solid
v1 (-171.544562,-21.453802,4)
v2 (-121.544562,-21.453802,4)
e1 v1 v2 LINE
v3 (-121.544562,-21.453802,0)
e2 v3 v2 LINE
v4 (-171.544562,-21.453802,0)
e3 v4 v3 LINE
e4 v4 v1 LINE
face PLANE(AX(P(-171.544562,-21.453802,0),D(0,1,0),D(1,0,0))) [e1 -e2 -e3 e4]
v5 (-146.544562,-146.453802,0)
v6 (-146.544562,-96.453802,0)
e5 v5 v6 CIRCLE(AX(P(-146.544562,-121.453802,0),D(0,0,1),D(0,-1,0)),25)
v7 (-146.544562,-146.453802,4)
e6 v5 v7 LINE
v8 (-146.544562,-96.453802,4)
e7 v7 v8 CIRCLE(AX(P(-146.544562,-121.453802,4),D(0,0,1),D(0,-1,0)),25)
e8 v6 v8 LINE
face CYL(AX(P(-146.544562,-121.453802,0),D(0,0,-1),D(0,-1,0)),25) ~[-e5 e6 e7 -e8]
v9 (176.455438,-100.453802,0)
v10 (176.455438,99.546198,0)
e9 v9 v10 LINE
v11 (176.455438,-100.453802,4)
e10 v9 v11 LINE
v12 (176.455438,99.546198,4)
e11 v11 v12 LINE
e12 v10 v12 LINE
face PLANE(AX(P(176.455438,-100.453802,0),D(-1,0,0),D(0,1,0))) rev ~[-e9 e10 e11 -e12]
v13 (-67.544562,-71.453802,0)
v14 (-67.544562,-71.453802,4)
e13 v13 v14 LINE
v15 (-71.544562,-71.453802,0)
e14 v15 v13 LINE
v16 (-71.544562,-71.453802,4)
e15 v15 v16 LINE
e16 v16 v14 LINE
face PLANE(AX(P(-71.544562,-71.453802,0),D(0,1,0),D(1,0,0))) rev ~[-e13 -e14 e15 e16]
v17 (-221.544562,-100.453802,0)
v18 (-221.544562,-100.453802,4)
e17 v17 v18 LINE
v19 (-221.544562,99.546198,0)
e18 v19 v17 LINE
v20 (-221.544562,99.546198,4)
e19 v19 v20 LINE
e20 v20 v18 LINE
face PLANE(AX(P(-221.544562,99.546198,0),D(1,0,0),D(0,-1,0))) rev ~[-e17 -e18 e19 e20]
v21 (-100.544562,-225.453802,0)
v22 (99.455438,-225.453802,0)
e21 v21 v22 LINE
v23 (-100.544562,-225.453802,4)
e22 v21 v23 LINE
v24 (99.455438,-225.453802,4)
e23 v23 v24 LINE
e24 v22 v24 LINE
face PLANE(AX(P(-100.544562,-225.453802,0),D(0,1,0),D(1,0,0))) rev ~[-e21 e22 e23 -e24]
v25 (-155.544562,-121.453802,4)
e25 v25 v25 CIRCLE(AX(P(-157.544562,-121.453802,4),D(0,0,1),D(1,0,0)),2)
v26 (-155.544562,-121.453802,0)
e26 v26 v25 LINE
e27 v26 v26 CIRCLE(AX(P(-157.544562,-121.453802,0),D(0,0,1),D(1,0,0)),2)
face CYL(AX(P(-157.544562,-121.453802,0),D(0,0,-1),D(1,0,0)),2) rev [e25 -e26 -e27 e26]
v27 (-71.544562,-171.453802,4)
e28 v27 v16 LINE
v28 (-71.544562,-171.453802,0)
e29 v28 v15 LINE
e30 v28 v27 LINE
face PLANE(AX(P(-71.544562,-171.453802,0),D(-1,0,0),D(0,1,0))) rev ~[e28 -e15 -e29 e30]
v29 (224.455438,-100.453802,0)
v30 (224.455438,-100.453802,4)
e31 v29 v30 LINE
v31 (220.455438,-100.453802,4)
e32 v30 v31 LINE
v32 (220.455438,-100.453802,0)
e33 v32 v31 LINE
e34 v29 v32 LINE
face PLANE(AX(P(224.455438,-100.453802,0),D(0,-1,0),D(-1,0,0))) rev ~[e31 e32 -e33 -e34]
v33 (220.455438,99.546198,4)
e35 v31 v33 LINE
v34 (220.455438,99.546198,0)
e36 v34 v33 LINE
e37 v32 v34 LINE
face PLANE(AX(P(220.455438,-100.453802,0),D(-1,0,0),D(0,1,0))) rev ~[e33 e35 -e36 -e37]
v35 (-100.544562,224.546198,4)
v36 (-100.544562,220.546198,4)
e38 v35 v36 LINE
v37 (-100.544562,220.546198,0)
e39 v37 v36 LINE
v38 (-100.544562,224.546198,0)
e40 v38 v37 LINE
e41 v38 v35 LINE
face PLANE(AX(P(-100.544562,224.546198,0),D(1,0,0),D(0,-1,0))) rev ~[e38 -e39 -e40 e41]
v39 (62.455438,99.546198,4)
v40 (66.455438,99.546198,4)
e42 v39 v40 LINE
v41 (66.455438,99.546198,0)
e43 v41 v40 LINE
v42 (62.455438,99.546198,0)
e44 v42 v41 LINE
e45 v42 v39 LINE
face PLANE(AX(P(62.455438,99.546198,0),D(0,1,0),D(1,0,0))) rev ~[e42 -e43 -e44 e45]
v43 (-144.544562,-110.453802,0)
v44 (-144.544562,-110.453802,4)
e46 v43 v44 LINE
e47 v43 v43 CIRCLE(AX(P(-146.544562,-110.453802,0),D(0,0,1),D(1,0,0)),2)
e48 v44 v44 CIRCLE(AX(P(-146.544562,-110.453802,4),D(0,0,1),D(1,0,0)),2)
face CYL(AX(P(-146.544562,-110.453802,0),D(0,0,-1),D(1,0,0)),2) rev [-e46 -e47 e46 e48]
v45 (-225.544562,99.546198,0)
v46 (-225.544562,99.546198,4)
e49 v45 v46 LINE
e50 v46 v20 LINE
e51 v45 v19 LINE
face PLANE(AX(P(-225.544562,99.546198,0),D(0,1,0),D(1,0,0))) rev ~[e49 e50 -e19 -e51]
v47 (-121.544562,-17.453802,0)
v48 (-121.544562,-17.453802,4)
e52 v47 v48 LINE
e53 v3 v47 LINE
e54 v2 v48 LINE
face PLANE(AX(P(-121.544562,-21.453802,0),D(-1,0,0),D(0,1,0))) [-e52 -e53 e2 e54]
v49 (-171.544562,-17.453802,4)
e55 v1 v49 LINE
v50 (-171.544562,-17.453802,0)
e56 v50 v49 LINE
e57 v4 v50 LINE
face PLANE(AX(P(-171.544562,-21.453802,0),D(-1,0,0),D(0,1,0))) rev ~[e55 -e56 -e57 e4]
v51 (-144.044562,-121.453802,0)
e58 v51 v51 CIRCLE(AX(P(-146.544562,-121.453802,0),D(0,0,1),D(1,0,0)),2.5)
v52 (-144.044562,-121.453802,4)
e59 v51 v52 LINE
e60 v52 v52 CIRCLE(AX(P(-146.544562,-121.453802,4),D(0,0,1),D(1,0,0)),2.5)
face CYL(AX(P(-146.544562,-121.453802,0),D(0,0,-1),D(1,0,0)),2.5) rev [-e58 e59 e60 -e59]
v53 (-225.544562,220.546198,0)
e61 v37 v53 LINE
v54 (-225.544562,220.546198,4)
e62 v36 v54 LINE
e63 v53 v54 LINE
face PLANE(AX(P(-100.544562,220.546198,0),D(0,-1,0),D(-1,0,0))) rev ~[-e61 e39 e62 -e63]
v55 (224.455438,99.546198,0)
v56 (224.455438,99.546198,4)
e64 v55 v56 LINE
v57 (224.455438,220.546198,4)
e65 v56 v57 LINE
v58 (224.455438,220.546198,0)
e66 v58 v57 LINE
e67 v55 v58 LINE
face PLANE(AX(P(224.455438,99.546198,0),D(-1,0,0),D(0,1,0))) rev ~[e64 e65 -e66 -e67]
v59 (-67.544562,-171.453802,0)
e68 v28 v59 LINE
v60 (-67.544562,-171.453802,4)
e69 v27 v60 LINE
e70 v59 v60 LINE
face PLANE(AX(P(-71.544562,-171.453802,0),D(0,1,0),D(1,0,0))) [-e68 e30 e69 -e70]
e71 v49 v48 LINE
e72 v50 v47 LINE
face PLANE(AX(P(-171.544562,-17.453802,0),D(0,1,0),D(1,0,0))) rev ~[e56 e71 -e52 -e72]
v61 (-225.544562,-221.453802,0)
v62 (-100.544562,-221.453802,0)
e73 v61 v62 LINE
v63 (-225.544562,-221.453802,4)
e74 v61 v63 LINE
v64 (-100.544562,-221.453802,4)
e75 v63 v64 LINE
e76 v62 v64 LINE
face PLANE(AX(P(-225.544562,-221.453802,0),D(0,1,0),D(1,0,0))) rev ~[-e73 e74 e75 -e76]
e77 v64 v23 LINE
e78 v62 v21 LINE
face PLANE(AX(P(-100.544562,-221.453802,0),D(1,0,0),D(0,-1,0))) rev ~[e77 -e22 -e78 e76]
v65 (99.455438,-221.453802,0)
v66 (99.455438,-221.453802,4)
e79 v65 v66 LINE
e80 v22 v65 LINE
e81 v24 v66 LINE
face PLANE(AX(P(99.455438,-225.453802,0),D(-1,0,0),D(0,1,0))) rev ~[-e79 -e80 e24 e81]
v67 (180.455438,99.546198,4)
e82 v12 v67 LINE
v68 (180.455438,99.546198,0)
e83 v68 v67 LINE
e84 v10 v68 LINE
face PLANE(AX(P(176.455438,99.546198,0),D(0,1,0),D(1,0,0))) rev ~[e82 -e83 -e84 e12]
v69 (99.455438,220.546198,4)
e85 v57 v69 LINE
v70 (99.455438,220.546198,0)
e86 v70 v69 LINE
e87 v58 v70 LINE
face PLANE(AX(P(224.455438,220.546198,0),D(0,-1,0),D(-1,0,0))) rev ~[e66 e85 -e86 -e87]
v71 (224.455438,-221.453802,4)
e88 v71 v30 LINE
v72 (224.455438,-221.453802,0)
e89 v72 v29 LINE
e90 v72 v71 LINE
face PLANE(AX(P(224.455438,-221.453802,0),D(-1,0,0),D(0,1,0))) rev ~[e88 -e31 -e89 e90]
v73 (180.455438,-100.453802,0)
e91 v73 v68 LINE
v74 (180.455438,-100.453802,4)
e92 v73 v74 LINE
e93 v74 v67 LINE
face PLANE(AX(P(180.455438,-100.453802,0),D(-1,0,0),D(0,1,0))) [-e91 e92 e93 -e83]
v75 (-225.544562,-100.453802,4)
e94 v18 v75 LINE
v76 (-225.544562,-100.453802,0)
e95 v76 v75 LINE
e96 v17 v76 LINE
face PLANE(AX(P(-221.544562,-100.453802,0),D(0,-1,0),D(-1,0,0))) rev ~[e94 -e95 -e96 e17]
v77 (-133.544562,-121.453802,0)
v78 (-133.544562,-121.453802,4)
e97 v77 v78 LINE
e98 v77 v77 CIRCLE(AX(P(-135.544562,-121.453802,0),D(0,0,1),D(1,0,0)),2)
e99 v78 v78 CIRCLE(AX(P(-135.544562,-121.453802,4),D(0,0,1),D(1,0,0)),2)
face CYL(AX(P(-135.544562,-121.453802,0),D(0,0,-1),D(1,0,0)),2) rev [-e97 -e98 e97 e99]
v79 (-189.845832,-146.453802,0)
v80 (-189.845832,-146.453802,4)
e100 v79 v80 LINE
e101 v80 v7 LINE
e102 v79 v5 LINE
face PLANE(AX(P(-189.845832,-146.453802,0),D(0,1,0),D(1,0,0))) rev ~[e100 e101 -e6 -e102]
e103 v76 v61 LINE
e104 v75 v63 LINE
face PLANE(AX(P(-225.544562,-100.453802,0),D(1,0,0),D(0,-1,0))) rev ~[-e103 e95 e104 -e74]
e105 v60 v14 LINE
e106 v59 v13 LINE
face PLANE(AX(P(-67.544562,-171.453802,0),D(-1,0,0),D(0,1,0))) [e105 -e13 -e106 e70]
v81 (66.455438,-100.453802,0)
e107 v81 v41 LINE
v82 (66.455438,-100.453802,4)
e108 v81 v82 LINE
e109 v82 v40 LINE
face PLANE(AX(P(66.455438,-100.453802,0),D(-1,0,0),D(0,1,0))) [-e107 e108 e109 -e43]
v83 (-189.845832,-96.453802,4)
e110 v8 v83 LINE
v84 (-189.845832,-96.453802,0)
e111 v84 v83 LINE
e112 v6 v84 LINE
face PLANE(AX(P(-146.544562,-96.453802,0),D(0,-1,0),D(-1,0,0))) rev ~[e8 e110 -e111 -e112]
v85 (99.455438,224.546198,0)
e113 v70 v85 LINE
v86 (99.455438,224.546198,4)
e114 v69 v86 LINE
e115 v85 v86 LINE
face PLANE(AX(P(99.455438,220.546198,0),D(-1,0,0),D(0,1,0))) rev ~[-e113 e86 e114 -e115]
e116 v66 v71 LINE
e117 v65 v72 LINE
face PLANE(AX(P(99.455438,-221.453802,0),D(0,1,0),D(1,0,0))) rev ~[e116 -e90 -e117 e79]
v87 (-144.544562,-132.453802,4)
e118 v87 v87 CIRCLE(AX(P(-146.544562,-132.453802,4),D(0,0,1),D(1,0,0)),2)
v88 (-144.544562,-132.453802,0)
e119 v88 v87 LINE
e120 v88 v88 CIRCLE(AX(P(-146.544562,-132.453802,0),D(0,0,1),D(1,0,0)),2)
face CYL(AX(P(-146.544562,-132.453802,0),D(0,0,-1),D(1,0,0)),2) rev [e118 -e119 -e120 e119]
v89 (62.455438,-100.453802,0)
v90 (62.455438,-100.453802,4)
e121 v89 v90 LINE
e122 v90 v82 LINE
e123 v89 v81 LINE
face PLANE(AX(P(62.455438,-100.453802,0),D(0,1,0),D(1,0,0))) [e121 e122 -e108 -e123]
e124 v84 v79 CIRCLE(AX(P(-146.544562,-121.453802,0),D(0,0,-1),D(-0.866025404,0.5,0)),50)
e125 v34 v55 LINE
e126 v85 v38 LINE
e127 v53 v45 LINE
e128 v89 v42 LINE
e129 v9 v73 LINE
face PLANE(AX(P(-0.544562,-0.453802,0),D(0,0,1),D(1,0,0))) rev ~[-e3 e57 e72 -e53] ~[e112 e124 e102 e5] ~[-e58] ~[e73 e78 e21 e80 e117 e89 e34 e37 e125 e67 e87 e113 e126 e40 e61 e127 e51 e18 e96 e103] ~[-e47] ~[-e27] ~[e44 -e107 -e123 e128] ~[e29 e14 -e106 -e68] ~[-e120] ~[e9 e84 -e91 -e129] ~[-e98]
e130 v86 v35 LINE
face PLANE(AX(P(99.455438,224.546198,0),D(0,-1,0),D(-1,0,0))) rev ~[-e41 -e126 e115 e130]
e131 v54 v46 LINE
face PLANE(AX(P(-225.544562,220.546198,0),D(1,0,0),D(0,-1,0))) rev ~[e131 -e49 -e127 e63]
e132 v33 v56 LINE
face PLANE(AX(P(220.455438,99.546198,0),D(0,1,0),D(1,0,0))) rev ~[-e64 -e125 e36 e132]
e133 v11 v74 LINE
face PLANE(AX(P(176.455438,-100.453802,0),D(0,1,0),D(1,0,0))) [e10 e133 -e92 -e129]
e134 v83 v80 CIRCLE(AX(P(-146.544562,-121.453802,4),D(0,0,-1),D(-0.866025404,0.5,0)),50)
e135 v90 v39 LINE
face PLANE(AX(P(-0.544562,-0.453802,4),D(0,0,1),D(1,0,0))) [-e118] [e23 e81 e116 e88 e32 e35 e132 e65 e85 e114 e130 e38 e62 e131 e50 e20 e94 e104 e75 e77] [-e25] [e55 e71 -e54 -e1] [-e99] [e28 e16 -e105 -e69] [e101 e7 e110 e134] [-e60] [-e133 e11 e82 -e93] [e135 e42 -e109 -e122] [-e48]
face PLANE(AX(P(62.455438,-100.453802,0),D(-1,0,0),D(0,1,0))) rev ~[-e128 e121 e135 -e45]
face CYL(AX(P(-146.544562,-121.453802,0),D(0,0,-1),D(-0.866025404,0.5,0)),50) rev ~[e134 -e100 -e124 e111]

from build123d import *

# Parameters (mm, degrees)
SKETCH1_R           = 2
SKETCH1_R_2         = 2.5
SKETCH1_W           = 50
SKETCH1_H           = 4
SKETCH1_W_2         = 4
SKETCH1_H_2         = 100
SKETCH1_H_3         = 200
BOSS_EXTRUDE1_DEPTH = 4


with BuildPart() as part:
    # Sketch1 → Boss-Extrude1 (new body)
    with BuildSketch(Plane.XY):
        Polygon((-225.544562063, -221.45380172), (-100.544562063, -221.45380172), (-100.544562063, -225.45380172), (99.455437937, -225.45380172), (99.455437937, -221.45380172), (224.455437937, -221.45380172), (224.455437937, -100.45380172), (220.455437937, -100.45380172), (220.455437937, 99.54619828), (224.455437937, 99.54619828), (224.455437937, 220.54619828), (99.455437937, 220.54619828), (99.455437937, 224.54619828), (-100.544562063, 224.54619828), (-100.544562063, 220.54619828), (-225.544562063, 220.54619828), (-225.544562063, 99.54619828), (-221.544562063, 99.54619828), (-221.544562063, -100.45380172), (-225.544562063, -100.45380172), align=None)
        with Locations((-135.544562063, -121.45380172)):
            Circle(SKETCH1_R, mode=Mode.SUBTRACT)
        with Locations((-146.544562063, -110.45380172)):
            Circle(SKETCH1_R, mode=Mode.SUBTRACT)
        with Locations((-157.544562063, -121.45380172)):
            Circle(SKETCH1_R, mode=Mode.SUBTRACT)
        with Locations((-146.544562063, -132.45380172)):
            Circle(SKETCH1_R, mode=Mode.SUBTRACT)
        with Locations((-146.544562063, -121.45380172)):
            Circle(SKETCH1_R_2, mode=Mode.SUBTRACT)
        with BuildLine():
            Line((-146.544562063, -96.45380172), (-189.845832253, -96.45380172))
            ThreePointArc((-189.845832253, -96.45380172), (-96.544562063, -121.45380172), (-189.845832253, -146.45380172))
            Line((-189.845832253, -146.45380172), (-146.544562063, -146.45380172))
            ThreePointArc((-146.544562063, -146.45380172), (-121.544562063, -121.45380172), (-146.544562063, -96.45380172))
        make_face(mode=Mode.SUBTRACT)
        with Locations((-146.544562063, -19.45380172)):
            Rectangle(SKETCH1_W, SKETCH1_H, mode=Mode.SUBTRACT)
        with Locations((-69.544562063, -121.45380172)):
            Rectangle(SKETCH1_W_2, SKETCH1_H_2, mode=Mode.SUBTRACT)
        with Locations((64.455437937, -0.45380172)):
            Rectangle(SKETCH1_W_2, SKETCH1_H_3, mode=Mode.SUBTRACT)
        with Locations((178.455437937, -0.45380172)):
            Rectangle(SKETCH1_W_2, SKETCH1_H_3, mode=Mode.SUBTRACT)
    extrude(amount=BOSS_EXTRUDE1_DEPTH)


solid = part.part
